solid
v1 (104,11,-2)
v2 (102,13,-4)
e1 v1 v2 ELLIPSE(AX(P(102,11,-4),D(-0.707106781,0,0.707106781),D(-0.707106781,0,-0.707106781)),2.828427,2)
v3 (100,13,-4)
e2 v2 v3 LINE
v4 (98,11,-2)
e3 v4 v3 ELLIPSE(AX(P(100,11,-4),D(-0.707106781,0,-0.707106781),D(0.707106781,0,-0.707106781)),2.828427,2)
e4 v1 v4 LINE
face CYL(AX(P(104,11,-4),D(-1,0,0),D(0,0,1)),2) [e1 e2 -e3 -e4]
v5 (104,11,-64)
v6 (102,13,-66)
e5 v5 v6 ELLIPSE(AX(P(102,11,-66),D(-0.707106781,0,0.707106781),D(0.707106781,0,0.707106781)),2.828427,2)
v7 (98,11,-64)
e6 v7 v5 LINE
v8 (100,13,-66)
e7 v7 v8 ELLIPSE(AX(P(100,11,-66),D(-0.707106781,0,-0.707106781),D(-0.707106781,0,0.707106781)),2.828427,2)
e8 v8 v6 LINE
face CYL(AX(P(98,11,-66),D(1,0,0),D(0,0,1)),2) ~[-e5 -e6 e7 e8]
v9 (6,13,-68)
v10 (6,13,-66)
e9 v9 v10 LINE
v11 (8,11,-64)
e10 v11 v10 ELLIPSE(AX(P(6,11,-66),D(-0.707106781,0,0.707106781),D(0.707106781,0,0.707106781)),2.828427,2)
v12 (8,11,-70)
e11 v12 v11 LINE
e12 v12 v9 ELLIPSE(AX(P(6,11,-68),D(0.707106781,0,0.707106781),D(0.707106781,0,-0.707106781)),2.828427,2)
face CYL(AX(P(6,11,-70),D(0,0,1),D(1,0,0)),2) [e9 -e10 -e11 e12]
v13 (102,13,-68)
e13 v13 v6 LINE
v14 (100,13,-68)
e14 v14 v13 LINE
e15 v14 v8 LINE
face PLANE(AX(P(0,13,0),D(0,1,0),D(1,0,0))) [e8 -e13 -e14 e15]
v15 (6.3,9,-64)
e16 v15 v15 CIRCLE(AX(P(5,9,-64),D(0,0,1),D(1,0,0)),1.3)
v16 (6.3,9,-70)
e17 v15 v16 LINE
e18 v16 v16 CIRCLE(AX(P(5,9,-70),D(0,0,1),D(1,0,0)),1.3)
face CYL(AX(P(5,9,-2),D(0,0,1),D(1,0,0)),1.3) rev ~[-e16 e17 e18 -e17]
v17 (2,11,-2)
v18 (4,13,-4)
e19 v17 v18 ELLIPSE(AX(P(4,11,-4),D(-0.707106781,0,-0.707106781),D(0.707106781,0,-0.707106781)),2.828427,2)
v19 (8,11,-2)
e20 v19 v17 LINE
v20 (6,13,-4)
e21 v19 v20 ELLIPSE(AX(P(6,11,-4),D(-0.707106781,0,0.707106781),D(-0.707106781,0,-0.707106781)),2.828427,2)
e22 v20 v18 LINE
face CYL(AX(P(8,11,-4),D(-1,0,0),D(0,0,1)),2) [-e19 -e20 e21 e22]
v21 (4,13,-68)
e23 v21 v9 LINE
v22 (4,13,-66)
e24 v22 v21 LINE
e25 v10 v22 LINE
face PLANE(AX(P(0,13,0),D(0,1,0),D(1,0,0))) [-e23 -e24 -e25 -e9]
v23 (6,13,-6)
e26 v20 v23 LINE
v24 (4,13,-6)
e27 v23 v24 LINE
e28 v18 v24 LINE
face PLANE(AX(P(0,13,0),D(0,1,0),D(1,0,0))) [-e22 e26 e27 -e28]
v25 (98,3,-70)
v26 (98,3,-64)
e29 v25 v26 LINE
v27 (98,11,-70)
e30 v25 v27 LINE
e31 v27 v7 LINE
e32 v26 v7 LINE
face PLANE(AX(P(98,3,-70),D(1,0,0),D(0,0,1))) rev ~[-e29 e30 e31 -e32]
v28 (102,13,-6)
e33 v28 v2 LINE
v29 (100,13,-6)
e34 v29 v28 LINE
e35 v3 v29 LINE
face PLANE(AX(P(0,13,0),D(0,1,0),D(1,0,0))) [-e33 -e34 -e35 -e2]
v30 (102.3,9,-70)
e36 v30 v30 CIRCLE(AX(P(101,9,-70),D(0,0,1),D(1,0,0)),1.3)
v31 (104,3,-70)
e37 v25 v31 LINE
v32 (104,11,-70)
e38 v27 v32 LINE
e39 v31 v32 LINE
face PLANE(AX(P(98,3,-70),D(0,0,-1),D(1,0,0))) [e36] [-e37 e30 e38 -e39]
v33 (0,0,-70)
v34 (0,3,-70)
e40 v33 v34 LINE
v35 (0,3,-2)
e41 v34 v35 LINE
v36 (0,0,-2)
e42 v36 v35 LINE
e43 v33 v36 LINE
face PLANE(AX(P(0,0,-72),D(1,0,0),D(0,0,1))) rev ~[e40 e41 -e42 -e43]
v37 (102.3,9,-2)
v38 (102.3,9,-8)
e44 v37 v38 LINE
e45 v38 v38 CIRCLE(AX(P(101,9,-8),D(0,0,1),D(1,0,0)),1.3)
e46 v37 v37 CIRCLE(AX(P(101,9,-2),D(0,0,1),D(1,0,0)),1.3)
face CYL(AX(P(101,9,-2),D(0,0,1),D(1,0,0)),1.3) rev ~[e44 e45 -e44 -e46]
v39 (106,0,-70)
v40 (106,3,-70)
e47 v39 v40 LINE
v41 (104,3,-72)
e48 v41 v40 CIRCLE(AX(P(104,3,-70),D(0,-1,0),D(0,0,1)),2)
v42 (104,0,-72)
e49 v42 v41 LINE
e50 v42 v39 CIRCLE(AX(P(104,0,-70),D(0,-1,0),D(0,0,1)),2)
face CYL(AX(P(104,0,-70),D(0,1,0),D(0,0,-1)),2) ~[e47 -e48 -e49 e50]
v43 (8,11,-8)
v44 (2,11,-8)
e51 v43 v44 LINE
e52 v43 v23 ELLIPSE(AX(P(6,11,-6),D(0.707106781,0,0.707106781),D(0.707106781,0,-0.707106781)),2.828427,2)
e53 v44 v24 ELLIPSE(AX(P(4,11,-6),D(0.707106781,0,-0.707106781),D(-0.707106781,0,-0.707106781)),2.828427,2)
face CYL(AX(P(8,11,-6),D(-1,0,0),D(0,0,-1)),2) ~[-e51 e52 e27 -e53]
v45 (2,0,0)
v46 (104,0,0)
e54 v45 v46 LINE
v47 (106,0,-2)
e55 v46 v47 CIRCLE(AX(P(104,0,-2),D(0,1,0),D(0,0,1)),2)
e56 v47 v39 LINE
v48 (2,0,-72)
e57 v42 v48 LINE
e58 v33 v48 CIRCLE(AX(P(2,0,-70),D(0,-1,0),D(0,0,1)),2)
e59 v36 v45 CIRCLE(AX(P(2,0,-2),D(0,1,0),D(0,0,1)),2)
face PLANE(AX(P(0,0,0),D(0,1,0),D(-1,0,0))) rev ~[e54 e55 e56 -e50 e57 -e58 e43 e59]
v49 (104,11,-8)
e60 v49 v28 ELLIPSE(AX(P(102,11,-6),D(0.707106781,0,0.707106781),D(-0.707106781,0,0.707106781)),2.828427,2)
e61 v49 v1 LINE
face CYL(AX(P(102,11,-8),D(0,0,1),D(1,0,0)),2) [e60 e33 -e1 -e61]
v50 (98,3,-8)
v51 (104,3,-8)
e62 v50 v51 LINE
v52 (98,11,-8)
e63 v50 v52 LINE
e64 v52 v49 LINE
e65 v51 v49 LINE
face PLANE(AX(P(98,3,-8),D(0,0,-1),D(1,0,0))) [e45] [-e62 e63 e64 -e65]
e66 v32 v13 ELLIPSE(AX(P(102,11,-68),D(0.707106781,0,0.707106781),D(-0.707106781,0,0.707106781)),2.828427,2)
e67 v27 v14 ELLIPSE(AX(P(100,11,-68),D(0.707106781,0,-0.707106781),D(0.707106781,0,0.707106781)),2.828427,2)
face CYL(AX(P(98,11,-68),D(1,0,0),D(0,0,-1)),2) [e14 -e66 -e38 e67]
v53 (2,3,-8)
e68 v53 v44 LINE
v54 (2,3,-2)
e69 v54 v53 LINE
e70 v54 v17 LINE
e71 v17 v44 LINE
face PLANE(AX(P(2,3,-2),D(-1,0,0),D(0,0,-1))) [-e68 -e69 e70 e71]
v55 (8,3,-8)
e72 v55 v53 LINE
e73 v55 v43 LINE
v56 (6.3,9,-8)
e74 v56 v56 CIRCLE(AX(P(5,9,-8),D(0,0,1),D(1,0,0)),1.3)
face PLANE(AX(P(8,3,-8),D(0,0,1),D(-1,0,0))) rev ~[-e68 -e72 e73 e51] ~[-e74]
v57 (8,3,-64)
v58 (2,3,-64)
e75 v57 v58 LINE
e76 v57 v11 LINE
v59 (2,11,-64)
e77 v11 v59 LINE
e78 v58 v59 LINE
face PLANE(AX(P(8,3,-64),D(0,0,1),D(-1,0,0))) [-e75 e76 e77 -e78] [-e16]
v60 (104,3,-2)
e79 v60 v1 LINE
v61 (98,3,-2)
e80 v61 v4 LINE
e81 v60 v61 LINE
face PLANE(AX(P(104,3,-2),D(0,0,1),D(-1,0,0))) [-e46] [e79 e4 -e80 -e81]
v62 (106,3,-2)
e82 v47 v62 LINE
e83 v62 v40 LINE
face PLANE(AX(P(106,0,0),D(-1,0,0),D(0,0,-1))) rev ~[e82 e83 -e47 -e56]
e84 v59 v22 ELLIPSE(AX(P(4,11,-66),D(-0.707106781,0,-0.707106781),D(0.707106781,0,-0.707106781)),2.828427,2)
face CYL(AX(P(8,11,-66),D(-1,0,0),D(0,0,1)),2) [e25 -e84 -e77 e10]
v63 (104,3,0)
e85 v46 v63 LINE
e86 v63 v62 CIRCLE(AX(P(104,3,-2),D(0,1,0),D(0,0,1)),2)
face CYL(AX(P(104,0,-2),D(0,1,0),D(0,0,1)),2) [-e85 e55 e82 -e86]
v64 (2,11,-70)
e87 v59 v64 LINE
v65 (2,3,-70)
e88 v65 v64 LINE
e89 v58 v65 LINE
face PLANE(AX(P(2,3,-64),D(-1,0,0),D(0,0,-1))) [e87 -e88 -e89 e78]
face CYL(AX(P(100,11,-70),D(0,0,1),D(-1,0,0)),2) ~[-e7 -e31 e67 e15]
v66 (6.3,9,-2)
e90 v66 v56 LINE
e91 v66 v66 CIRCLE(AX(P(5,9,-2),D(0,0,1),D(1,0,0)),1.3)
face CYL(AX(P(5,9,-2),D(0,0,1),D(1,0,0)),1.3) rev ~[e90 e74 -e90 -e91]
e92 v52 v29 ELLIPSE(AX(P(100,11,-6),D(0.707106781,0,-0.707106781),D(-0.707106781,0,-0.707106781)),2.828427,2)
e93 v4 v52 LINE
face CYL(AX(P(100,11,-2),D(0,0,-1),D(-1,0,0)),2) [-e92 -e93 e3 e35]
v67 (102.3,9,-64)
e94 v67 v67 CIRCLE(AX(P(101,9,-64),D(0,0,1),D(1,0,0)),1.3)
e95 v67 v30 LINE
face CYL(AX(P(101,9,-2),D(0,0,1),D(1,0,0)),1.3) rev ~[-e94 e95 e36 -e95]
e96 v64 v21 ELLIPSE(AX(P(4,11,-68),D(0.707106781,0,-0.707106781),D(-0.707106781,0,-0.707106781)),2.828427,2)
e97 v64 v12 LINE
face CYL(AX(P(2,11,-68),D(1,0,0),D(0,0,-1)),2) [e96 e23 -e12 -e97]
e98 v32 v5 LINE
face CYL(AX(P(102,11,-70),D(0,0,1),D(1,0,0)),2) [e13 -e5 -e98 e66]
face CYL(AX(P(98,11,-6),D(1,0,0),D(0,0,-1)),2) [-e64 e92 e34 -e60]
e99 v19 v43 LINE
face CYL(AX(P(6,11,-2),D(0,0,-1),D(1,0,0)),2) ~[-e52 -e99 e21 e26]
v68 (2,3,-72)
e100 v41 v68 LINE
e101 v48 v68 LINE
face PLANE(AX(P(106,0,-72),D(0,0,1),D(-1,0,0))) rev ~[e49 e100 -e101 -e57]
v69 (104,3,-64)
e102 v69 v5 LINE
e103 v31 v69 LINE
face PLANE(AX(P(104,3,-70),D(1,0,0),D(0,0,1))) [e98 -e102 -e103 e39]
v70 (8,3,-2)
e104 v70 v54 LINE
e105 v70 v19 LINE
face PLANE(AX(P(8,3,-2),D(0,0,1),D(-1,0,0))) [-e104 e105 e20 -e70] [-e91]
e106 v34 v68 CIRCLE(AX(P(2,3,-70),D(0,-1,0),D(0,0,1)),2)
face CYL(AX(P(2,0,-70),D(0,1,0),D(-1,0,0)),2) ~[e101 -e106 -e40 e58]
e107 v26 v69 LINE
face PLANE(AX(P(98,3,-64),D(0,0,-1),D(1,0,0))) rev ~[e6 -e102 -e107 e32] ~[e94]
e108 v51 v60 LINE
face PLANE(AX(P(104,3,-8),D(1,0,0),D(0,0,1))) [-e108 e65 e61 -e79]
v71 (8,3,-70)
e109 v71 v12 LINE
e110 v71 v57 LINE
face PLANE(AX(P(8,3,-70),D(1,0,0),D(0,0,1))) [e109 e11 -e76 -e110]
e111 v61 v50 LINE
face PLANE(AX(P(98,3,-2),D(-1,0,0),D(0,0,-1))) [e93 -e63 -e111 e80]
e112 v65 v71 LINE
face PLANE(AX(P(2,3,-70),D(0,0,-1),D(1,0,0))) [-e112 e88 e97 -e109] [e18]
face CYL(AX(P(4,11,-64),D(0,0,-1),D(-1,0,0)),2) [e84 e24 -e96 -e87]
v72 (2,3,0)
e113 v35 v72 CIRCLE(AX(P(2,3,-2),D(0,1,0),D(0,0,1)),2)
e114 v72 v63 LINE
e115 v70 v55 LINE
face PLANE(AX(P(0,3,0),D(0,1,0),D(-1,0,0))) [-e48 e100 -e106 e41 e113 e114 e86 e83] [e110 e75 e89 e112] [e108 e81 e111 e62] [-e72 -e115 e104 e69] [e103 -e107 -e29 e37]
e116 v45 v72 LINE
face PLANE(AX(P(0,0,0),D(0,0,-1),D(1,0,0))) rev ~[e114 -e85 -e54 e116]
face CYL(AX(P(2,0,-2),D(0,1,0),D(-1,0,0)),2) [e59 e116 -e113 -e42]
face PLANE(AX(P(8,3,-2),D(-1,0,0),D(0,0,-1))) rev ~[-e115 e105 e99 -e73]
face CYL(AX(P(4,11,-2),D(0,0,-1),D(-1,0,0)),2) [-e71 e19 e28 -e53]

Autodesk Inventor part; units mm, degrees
ref_plane "YZ Plane" through (0, 0, 0) normal (1, 0, 0) x (0, 1, 0)
ref_plane "XZ Plane" through (0, 0, 0) normal (0, 1, 0) x (-1, 0, 0)
ref_plane "XY Plane" through (0, 0, 0) normal (0, 0, 1) x (1, 0, 0)
sketch "Náčrt1" plane through (0, 0, 0) normal (0, 1, 0) x (-1, 0, 0)
  line L0 (0, 0) -> (-106, 0)
  line L1 (-106, 0) -> (-106, -72)
  line L2 (-106, -72) -> (0, -72)
  line L3 (0, -72) -> (0, 0)
  dimension "d0" = 106
  dimension "d1" = 72
extrude "Vysunutí1" add sketch "Náčrt1" along normal blind 3
sketch "Náčrt2" plane through (0, 3, 0) normal (0, 1, 0) x (1, 0, 0)
  line L0 (0, 72) -> (0, 0) projected
  line L1 (106, 0) -> (106, 72) projected
  line L2 (0, 0) -> (106, 0)
  line L3 (106, 0) -> (106, 72)
  line L4 (106, 72) -> (0, 72)
  line L5 (0, 72) -> (0, 0)
  line L6 (2, 70) -> (104, 70)
  line L7 (104, 70) -> (104, 2)
  line L8 (104, 2) -> (2, 2)
  line L9 (2, 2) -> (2, 70)
  line L10 (2, 2) -> (8, 2)
  line L11 (8, 2) -> (8, 8)
  line L12 (8, 8) -> (2, 8)
  line L13 (2, 8) -> (2, 2)
  line L14 (2, 70) -> (8, 70)
  line L15 (8, 70) -> (8, 64)
  line L16 (8, 64) -> (2, 64)
  line L17 (2, 64) -> (2, 70)
  line L18 (53, -6.8672) -> (53, 83.3894) construction
  line L19 (104, 2) -> (104, 70)
  line L20 (104, 2) -> (98, 2)
  line L21 (98, 2) -> (98, 8)
  line L22 (98, 8) -> (104, 8)
  line L23 (104, 8) -> (104, 2)
  line L24 (104, 70) -> (98, 70)
  line L25 (98, 70) -> (98, 64)
  line L26 (98, 64) -> (104, 64)
  line L27 (104, 64) -> (104, 70)
  point P0 (2, 64)
  dimension "d4" = 2
  dimension "d5" = 6
  dimension "d6" = 6
  dimension "d7" = 6
  dimension "d8" = 6
extrude "Vysunutí2" add sketch "Náčrt2" along normal blind 10 contours L6 L15 L16 L9 | L6 L7 L26 L25 | L12 L11 L8 L9 | L7 L8 L21 L22
sketch "Náčrt3" plane through (2, 3, -2) normal (0, 0, 1) x (1, 0, 0)
  circle A0 centre (3, 6) radius 1.3
  line L0 (0, 10) -> (6, 10) projected
  line L1 (6, 0) -> (6, 10) projected
  line L2 (-2, 0) -> (104, 0) projected
  circle A1 centre (99, 6) radius 1.3
  line L3 (96, 10) -> (102, 10) projected
  line L4 (102, 0) -> (102, 10) projected
  point P0 (-2, -3)
  dimension "d11" = 2.6
  dimension "d12" = 4
  dimension "d13" = 3
  dimension "d14" = 6
  dimension "d15" = 2.6
  dimension "d16" = 4
  dimension "d17" = 3
  dimension "d18" = 6
extrude "Vysunutí3" cut sketch "Náčrt3" against normal blind 100
fillet "Zaoblení1" radius 2 20 edges at (106, 1.5, 0) (106, 1.5, -72) (0, 1.5, 0) (0, 1.5, -72) (2, 13, -67) (5, 13, -70) (8, 13, -67) (5, 13, -64) (8, 13, -5) (5, 13, -8) (2, 13, -5) (5, 13, -2) (98, 13, -5) (101, 13, -2) (104, 13, -5) (101, 13, -8) (104, 13, -67) (101, 13, -70) (98, 13, -67) (101, 13, -64)
equation "\"d6\" = d5"
equation "\"d7\" = d5"
equation "\"d8\" = d5"
properties part number "RPIholderTOP"
